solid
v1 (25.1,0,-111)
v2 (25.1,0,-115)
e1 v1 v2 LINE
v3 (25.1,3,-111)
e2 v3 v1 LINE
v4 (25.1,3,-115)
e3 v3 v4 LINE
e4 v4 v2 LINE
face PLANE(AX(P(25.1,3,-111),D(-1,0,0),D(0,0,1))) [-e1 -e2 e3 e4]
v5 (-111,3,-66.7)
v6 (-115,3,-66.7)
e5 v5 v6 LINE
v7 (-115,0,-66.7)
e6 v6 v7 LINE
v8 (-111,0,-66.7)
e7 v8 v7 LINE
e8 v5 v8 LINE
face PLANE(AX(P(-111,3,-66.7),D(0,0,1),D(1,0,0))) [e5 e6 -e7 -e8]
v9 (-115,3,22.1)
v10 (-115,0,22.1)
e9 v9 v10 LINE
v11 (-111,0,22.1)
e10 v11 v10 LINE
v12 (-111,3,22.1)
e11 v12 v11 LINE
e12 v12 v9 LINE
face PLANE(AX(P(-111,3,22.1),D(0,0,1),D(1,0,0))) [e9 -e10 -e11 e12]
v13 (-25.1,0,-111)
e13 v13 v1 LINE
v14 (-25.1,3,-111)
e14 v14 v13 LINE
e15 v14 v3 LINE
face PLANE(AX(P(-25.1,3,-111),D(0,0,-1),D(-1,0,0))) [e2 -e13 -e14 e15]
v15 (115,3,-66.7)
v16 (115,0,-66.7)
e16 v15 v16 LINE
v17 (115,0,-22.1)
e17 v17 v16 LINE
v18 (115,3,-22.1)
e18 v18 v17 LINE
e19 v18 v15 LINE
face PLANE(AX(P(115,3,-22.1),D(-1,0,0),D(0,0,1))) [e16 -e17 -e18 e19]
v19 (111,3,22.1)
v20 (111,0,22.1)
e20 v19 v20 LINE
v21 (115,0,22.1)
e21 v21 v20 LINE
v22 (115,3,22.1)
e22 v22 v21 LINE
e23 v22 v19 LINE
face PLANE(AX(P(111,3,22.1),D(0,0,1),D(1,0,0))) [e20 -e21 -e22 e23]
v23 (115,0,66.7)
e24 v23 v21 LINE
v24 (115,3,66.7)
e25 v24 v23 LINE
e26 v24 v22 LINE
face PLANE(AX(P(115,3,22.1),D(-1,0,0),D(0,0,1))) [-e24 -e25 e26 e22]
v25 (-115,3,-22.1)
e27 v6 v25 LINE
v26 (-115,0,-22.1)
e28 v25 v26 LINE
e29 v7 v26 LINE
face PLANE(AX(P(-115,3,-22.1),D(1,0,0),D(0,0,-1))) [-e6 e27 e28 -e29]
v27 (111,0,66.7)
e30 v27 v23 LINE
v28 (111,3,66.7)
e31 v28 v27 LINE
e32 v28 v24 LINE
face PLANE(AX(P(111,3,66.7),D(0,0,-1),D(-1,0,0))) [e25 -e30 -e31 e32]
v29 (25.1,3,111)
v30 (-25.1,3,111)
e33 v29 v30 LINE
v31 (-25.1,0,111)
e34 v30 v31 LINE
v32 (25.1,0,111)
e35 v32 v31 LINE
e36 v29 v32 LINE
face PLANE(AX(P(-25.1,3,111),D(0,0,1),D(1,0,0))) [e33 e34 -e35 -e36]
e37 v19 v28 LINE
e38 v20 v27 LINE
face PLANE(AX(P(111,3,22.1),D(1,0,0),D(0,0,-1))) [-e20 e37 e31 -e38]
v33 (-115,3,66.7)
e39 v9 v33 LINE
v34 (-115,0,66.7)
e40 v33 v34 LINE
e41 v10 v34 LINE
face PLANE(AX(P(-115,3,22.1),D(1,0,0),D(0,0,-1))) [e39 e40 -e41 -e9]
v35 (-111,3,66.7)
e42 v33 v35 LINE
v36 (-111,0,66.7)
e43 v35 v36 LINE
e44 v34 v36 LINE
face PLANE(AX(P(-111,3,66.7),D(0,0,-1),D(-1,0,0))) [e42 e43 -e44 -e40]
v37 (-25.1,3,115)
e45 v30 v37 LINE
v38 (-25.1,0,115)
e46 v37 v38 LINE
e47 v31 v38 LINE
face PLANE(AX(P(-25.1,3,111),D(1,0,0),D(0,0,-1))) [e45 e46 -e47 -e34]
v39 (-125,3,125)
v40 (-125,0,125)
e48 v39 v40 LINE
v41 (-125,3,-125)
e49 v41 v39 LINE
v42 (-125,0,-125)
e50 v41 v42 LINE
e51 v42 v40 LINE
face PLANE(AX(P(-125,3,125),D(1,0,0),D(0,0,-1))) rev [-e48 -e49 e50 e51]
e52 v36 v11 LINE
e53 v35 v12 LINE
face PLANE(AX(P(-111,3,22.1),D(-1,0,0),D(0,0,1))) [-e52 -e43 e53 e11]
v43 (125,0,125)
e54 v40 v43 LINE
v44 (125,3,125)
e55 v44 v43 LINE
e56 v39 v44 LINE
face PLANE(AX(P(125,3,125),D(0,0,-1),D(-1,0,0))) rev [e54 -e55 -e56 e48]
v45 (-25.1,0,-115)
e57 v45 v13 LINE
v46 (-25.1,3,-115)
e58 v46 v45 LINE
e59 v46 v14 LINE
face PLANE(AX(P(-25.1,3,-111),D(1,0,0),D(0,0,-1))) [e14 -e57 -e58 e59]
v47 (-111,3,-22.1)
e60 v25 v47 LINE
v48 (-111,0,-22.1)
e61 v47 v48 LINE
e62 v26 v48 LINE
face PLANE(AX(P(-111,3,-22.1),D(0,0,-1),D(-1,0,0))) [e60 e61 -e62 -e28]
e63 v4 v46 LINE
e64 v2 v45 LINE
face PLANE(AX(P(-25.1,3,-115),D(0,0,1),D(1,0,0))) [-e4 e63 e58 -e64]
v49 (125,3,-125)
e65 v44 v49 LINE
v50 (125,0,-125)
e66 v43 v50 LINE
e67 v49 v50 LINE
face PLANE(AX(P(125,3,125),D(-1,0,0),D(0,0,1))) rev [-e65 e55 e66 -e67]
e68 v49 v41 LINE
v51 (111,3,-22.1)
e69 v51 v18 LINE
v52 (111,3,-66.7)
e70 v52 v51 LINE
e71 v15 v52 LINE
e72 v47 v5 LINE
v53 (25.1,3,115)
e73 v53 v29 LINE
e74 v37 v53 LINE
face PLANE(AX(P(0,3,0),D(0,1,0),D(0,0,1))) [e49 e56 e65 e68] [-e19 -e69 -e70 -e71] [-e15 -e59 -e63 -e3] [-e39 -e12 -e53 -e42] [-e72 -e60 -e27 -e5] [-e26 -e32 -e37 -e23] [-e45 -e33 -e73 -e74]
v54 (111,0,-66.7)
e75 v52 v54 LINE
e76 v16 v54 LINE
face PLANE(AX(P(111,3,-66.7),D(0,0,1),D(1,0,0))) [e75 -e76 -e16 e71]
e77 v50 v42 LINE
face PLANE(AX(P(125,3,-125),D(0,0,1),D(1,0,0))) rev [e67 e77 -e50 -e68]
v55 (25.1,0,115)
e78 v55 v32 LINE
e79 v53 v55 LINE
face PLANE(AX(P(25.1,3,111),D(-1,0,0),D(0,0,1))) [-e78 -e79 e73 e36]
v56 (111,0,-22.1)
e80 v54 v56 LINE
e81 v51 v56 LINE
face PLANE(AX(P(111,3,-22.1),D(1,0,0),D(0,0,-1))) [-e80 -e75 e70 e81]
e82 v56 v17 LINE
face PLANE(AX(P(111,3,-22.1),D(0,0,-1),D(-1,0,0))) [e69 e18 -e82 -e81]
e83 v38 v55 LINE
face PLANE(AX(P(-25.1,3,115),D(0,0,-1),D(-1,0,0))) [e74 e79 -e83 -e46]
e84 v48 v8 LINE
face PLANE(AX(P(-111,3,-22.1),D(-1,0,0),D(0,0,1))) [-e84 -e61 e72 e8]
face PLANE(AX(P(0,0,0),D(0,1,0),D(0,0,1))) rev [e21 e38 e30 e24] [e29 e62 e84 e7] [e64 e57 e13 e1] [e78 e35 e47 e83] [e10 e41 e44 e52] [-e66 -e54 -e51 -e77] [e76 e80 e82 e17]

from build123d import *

# Parameters (mm, degrees)
SKETCH1_W           = 250
SKETCH1_H           = 250
SKETCH1_W_2         = 50.2
SKETCH1_H_2         = 4
SKETCH1_W_3         = 4
SKETCH1_H_3         = 44.6
BOSS_EXTRUDE2_DEPTH = 3


with BuildPart() as part:
    # Sketch1 → Boss-Extrude2 (new body)
    with BuildSketch(Plane(origin=(0, 0, 0), x_dir=(1, 0, 0), z_dir=(0, 1, 0))):
        Rectangle(SKETCH1_W, SKETCH1_H)
        with Locations((0, 113)):
            Rectangle(SKETCH1_W_2, SKETCH1_H_2, mode=Mode.SUBTRACT)
        with Locations((0, -113)):
            Rectangle(SKETCH1_W_2, SKETCH1_H_2, mode=Mode.SUBTRACT)
        with Locations((113, -44.4)):
            Rectangle(SKETCH1_W_3, SKETCH1_H_3, mode=Mode.SUBTRACT)
        with Locations((-113, -44.4)):
            Rectangle(SKETCH1_W_3, SKETCH1_H_3, mode=Mode.SUBTRACT)
        with Locations((113, 44.4)):
            Rectangle(SKETCH1_W_3, SKETCH1_H_3, mode=Mode.SUBTRACT)
        with Locations((-113, 44.4)):
            Rectangle(SKETCH1_W_3, SKETCH1_H_3, mode=Mode.SUBTRACT)
    extrude(amount=BOSS_EXTRUDE2_DEPTH)


solid = part.part
